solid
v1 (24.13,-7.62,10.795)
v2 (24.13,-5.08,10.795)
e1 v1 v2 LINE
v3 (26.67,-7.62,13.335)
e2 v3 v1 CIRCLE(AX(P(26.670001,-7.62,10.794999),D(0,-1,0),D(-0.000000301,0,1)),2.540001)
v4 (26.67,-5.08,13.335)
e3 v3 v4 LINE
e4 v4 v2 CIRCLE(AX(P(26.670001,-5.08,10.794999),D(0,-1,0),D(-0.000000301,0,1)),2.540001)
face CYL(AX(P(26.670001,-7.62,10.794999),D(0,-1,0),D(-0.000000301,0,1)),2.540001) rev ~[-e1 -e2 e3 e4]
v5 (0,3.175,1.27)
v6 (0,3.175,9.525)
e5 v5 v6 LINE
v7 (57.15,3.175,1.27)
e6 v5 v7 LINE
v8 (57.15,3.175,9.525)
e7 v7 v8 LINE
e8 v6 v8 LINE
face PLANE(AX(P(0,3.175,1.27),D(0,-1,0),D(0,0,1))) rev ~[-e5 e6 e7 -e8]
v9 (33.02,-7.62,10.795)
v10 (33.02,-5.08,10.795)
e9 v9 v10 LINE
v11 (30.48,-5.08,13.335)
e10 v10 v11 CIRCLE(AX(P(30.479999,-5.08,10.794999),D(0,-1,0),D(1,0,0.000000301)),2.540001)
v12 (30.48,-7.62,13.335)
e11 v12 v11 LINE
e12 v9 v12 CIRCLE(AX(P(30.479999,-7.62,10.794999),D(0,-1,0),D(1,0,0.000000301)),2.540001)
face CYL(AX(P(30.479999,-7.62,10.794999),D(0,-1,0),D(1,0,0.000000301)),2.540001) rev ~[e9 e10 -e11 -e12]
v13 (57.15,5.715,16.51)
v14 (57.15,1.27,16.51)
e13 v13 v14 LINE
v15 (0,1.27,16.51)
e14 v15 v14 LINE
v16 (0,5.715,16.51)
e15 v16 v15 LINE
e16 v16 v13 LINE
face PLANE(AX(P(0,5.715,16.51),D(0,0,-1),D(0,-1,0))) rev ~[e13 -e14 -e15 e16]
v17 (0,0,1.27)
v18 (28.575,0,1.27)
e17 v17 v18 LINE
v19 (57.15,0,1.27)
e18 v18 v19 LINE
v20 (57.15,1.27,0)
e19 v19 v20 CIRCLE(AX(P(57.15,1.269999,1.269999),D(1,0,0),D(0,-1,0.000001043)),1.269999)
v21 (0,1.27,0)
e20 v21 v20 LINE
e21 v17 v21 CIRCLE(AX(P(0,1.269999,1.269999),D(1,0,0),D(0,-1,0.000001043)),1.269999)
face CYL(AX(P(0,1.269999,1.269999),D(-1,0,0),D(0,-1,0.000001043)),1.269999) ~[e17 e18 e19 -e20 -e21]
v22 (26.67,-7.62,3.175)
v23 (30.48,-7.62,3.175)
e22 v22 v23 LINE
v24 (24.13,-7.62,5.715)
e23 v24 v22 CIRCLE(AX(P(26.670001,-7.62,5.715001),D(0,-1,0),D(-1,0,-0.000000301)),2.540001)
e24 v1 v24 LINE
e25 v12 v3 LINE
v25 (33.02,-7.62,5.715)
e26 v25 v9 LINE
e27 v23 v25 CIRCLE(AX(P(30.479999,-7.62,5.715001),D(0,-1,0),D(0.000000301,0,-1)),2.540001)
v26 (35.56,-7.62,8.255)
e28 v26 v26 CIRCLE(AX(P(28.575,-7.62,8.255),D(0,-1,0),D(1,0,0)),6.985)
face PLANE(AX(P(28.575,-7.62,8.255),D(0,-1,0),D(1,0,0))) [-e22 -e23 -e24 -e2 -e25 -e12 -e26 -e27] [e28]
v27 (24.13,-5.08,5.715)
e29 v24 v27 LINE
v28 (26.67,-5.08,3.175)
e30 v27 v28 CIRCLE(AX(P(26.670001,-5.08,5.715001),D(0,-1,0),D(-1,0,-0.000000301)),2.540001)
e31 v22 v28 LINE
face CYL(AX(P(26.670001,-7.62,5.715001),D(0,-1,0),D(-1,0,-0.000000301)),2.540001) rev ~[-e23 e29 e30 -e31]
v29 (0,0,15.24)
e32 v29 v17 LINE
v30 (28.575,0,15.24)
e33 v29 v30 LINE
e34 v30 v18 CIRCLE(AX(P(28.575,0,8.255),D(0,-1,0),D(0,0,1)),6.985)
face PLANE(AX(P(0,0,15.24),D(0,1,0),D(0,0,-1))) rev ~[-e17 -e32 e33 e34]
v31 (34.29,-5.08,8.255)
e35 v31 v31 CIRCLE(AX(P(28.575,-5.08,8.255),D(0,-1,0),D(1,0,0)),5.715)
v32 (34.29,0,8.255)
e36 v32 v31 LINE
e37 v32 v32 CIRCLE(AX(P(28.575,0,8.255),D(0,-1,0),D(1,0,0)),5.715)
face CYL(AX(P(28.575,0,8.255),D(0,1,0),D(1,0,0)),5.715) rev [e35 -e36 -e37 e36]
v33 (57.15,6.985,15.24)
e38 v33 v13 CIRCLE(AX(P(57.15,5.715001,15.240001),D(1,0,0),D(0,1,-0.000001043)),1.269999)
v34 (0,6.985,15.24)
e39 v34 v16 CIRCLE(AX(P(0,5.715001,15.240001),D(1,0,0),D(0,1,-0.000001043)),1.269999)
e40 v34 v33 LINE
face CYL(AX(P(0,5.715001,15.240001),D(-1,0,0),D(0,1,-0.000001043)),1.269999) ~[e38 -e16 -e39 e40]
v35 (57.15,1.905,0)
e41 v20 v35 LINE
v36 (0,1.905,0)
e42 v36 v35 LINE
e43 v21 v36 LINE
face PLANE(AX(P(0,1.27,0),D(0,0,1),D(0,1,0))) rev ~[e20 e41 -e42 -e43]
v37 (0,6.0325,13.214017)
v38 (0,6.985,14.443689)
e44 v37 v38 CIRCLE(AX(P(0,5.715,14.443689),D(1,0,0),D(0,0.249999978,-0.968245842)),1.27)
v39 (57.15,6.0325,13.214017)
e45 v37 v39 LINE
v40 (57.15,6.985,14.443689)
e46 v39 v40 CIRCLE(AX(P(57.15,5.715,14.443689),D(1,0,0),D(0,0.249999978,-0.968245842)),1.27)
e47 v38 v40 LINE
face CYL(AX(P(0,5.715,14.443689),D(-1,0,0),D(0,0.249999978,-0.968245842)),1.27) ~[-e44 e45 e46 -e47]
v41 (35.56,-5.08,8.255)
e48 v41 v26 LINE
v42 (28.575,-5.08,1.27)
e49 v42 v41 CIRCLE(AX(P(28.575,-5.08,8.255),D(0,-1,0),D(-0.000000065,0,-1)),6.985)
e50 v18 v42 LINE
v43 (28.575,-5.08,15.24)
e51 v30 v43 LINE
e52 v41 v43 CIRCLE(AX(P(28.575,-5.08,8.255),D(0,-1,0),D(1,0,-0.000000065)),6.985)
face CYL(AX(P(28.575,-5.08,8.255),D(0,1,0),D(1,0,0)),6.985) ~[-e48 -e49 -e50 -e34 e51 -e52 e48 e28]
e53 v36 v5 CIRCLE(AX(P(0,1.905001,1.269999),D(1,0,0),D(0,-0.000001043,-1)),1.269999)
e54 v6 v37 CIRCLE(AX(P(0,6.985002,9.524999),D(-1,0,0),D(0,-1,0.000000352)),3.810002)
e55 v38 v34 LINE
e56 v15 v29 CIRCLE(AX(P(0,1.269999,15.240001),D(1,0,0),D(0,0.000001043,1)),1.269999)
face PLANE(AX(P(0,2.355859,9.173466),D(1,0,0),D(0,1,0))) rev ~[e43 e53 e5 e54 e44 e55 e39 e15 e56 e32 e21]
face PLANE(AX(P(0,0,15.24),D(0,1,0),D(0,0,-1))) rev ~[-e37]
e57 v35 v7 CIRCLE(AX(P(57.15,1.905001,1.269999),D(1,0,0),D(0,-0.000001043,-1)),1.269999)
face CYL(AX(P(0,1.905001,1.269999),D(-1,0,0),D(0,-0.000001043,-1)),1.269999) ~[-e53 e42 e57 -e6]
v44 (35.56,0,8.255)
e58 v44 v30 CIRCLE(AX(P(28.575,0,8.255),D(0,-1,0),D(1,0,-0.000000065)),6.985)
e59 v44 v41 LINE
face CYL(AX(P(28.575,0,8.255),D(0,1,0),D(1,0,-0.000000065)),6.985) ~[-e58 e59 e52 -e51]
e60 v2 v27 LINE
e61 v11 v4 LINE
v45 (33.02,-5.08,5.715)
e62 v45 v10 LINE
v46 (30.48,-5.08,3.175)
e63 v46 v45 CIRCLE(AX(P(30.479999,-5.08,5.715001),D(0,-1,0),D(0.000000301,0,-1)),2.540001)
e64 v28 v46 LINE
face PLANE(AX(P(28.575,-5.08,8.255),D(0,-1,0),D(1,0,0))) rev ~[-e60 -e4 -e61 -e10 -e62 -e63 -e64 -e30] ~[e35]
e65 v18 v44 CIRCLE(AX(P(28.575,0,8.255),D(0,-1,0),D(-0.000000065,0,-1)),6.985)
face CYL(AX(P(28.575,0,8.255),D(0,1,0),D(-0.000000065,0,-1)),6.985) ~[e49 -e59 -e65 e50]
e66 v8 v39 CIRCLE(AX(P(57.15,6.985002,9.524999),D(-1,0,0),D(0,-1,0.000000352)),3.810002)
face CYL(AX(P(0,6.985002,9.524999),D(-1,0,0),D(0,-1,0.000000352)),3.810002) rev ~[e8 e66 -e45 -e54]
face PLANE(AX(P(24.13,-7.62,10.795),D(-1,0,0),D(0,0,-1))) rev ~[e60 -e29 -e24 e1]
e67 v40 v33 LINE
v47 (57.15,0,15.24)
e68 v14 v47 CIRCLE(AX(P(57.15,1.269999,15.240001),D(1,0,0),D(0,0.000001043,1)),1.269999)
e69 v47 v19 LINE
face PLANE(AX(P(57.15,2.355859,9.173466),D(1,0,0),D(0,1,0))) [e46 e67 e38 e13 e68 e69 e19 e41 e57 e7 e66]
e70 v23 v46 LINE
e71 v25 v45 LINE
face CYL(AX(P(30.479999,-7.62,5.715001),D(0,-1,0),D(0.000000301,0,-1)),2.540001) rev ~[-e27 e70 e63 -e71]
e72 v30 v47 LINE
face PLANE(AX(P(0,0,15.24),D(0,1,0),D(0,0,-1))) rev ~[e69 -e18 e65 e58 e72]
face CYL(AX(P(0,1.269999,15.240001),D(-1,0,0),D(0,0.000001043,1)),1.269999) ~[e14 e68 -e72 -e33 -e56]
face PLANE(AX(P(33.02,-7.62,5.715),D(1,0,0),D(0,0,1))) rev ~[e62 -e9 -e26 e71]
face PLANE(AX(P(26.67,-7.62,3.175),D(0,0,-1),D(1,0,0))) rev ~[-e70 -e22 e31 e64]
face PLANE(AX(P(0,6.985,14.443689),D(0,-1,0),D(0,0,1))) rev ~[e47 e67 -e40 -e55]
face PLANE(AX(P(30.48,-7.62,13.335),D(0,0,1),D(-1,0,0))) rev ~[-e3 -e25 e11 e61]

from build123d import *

# Parameters (mm, degrees)
F1_DEPTH = 57.15
F2_R     = 5.715
F3_DEPTH = 5.08
F4_R     = 6.985
F5_DEPTH = 2.54
F7_DEPTH = 5.08


with BuildPart() as f1:
    # F0 (on Right) → F1 (new body)
    with BuildSketch(Plane.YZ):
        with BuildLine():
            Line((0, 10.16), (0, 1.27))
            ThreePointArc((0, 1.27), (0.371974, 0.371974), (1.27, 0))
            Line((1.27, 0), (1.905, 0))
            ThreePointArc((1.905, 0), (2.803026, 0.371974), (3.175, 1.27))
            Line((3.175, 1.27), (3.175, 9.525))
            ThreePointArc((3.175, 9.525), (3.972931, 11.858139), (6.0325, 13.214017))
            ThreePointArc((6.0325, 13.214017), (6.719023, 13.665976), (6.985, 14.443689))
            Line((6.985, 14.443689), (6.985, 15.24))
            ThreePointArc((6.985, 15.24), (6.613026, 16.138026), (5.715, 16.51))
            Line((5.715, 16.51), (1.27, 16.51))
            ThreePointArc((1.27, 16.51), (0.371974, 16.138026), (0, 15.24))
            Line((0, 15.24), (0, 10.16))
        make_face()
    extrude(amount=F1_DEPTH)

    # F2 (on face) → F3 (join)
    with BuildSketch(Plane.XZ):
        with BuildLine():
            ThreePointArc((28.575, 1.27), (33.514141, 3.315859), (35.56, 8.255))
            ThreePointArc((35.56, 8.255), (33.514141, 13.194141), (28.575, 15.24))
            ThreePointArc((28.575, 15.24), (21.59, 8.255), (28.575, 1.27))
        make_face()
        with Locations((28.575, 8.255)):
            Circle(F2_R, mode=Mode.SUBTRACT)
    extrude(amount=F3_DEPTH)

    # F4 (on face) → F5 (join)
    with BuildSketch(Plane.XZ.offset(5.08)):
        with Locations((28.575, 8.255)):
            Circle(F4_R)
    extrude(amount=F5_DEPTH)

    # F6 (on face) → F7 (cut)
    with BuildSketch(Plane.XZ.offset(7.62)):
        with BuildLine():
            Line((30.48, 13.335), (28.575, 13.335))
            Line((28.575, 13.335), (26.67, 13.335))
            ThreePointArc((26.67, 13.335), (24.873949, 12.591051), (24.13, 10.795))
            Line((24.13, 10.795), (24.13, 5.715))
            ThreePointArc((24.13, 5.715), (24.873949, 3.918949), (26.67, 3.175))
            Line((26.67, 3.175), (30.48, 3.175))
            ThreePointArc((30.48, 3.175), (32.276051, 3.918949), (33.02, 5.715))
            Line((33.02, 5.715), (33.02, 8.255))
            Line((33.02, 8.255), (33.02, 10.795))
            ThreePointArc((33.02, 10.795), (32.276051, 12.591051), (30.48, 13.335))
        make_face()
    extrude(amount=-F7_DEPTH, mode=Mode.SUBTRACT)


solid = f1.part
